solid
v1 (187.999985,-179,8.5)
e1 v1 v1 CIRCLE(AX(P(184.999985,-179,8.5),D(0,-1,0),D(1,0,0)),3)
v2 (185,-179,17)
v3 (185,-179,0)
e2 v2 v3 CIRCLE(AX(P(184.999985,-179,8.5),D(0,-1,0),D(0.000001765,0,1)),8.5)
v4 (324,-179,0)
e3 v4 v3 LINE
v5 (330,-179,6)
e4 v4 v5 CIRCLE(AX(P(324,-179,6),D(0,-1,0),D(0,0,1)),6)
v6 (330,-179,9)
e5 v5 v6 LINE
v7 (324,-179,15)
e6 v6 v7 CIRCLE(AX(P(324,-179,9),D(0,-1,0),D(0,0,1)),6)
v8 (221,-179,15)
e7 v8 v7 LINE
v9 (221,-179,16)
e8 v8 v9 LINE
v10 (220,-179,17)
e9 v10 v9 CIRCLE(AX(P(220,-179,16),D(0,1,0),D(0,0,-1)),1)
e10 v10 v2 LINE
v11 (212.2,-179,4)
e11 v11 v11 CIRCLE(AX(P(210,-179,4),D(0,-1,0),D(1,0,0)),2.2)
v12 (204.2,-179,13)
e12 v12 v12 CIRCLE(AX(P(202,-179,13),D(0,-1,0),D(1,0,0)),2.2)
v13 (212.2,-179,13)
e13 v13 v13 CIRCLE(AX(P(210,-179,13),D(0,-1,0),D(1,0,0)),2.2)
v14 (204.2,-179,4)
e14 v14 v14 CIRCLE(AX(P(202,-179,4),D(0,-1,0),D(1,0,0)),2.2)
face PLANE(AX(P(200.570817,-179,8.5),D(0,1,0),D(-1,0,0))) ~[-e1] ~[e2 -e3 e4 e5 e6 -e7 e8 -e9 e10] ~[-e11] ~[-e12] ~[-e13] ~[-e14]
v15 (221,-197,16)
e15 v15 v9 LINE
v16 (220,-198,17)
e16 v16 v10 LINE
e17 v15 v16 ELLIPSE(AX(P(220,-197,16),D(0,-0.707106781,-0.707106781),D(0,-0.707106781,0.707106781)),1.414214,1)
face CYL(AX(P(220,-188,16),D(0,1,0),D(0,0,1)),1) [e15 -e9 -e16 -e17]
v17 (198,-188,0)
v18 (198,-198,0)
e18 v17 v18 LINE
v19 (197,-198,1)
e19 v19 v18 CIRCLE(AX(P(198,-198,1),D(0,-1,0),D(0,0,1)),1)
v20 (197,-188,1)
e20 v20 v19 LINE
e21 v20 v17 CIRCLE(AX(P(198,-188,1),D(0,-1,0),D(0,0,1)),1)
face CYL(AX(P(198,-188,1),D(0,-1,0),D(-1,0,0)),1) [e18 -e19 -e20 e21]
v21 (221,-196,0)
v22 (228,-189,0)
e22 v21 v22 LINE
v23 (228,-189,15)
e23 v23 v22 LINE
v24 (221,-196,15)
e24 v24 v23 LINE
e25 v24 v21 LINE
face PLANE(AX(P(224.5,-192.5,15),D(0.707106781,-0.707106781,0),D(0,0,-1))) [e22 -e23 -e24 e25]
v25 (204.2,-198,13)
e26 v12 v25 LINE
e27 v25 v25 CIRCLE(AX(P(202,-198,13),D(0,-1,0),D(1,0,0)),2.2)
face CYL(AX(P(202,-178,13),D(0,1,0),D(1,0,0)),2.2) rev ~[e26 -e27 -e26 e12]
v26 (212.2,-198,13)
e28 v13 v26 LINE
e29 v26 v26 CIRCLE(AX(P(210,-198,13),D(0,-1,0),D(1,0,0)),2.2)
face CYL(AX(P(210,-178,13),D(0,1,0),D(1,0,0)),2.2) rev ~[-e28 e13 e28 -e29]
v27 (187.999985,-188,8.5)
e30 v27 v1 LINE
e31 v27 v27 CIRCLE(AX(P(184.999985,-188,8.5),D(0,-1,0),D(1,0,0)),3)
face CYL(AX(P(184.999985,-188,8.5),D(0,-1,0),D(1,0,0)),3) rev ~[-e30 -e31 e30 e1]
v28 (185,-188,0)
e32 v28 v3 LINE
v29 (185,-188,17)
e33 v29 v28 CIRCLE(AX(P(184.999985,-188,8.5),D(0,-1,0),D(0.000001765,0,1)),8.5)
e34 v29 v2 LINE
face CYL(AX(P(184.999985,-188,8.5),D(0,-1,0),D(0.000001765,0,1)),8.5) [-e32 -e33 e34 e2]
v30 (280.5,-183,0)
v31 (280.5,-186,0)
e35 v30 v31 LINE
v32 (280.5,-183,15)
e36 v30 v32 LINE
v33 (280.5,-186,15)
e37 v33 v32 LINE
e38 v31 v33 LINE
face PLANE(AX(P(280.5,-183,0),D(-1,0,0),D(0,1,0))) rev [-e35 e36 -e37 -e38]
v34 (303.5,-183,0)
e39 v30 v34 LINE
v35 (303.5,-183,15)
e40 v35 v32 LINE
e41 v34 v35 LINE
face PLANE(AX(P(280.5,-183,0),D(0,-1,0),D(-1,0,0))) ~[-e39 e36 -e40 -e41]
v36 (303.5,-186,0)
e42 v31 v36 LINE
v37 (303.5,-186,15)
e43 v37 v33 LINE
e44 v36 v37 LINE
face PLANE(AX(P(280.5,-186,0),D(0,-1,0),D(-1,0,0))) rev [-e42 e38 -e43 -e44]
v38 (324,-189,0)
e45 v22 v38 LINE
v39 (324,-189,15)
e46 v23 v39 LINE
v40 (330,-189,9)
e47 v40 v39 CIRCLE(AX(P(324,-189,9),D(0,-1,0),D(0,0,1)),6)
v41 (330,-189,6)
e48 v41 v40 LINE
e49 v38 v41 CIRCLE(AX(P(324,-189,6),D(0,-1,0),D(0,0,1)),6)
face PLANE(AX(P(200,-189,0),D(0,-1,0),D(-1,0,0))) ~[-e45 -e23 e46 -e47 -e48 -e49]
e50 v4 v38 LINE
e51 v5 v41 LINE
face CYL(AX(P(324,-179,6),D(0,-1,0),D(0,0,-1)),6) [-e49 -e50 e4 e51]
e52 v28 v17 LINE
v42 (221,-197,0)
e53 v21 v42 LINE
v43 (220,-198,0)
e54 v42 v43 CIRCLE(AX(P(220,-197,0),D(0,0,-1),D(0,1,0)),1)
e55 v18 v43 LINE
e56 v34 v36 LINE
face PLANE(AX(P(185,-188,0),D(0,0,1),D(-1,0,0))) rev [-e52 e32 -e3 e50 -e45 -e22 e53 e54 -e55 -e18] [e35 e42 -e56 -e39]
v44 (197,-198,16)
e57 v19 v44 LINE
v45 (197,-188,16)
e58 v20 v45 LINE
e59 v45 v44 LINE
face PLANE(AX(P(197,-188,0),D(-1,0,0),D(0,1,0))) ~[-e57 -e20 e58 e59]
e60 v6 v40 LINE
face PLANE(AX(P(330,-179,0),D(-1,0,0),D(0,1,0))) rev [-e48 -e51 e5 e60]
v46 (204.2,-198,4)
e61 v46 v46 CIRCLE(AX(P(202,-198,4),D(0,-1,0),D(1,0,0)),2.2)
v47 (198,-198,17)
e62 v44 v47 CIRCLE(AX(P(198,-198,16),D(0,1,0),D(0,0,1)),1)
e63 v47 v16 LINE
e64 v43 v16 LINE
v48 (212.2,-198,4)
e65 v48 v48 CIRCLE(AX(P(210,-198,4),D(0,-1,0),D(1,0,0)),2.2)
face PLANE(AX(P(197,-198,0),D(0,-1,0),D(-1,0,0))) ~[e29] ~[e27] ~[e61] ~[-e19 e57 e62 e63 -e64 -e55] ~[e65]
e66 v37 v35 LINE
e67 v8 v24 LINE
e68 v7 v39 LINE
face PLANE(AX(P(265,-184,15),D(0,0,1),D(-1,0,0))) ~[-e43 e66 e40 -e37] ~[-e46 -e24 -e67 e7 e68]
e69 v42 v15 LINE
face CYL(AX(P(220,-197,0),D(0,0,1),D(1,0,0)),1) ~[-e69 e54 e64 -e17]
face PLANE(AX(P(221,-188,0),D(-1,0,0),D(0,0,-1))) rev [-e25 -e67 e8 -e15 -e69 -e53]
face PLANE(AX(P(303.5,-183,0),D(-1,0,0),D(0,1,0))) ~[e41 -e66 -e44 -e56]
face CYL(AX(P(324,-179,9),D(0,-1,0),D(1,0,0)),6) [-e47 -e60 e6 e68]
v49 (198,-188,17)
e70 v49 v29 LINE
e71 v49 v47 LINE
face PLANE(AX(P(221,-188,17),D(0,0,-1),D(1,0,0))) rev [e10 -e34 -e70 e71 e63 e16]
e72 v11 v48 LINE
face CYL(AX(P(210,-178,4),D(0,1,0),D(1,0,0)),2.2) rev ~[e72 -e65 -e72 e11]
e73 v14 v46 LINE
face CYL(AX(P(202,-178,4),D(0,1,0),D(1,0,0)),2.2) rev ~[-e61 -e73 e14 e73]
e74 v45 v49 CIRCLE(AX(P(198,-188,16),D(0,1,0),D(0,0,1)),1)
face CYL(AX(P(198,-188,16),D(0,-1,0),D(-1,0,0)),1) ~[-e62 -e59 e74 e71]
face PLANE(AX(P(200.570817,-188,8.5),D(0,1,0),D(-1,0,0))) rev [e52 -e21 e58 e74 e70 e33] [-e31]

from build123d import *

# Parameters (mm, degrees)
CYLINDER046_R          = 2.2
CYLINDER046_DEPTH      = 26
CYLINDER046_ROLL_ANGLE = -90
ARRAY017_X_COUNT       = 2
ARRAY017_X_PITCH       = 8
ARRAY017_Z_COUNT       = 2
ARRAY017_Z_PITCH       = 9
BOX059_W               = 23
BOX059_H               = 3
BOX059_DEPTH           = 20
BOX057_W               = 130
BOX057_H               = 10
BOX057_DEPTH           = 15
SKETCH072_R            = 3
PAD073_DEPTH           = 9
FILLET025_R            = 1
BOX058_W               = 24
BOX058_H               = 10
BOX058_DEPTH           = 17
FILLET026_R            = 1
CHAMFER010_SIZE        = 7
FILLET027_R            = 6


with BuildPart() as taladros_suje_traccion005:
    # Cylinder046 → Cylinder046 (new body)
    with BuildSketch(Plane.XY):
        Circle(CYLINDER046_R)
    extrude(amount=CYLINDER046_DEPTH)


with BuildPart() as taladros_suje_traccion005_1:
    # Cylinder046 roll: moved
    add(taladros_suje_traccion005.part.rotate(Axis((0, 0, 0), (1, 0, 0)), CYLINDER046_ROLL_ANGLE))


with BuildPart() as taladros_suje_traccion005_2:
    # Cylinder046 placement: moved
    add(taladros_suje_traccion005_1.part.moved(Location((202, 0, 4))))

    # Array017 X: Taladros_suje_traccion005 ×2


with BuildPart() as taladros_suje_traccion005_3:
    add(taladros_suje_traccion005_2.part)
    with Locations(*[(i * ARRAY017_X_PITCH, 0, 0) for i in range(1, ARRAY017_X_COUNT)]):
        add(taladros_suje_traccion005_2.part)

    # Array017 Z: Taladros_suje_traccion005 ×2


with BuildPart() as taladros_suje_traccion005_4:
    add(taladros_suje_traccion005_3.part)
    with Locations(*[(0, 0, i * ARRAY017_Z_PITCH) for i in range(1, ARRAY017_Z_COUNT)]):
        add(taladros_suje_traccion005_3.part)


with BuildPart() as agarre003:
    # Box059 → Box059 (new body)
    with BuildSketch(Plane(origin=(280.5, 5, 0), x_dir=(1, 0, 0), z_dir=(0, 0, 1))):
        with Locations((11.5, 1.5)):
            Rectangle(BOX059_W, BOX059_H)
    extrude(amount=BOX059_DEPTH)


with BuildPart() as base_tibia001:
    # Box057 → Box057 (new body)
    with BuildSketch(Plane(origin=(200, 1.5, 0), x_dir=(1, 0, 0), z_dir=(0, 0, 1))):
        with Locations((65, 5)):
            Rectangle(BOX057_W, BOX057_H)
    extrude(amount=BOX057_DEPTH)


with BuildPart() as tibia_agarre001:
    # Sketch072 → Pad073 (new body)
    with BuildSketch(Plane(origin=(221, 10.5, 0), x_dir=(1, 0, 0), z_dir=(0, -1, 0))):
        with BuildLine():
            Line((0, 17), (-36, 17))
            ThreePointArc((-36, 17), (-44.500015, 8.5), (-36, 0))
            Line((-36, 0), (0, 0))
            Line((0, 0), (0, 17))
        make_face()
        with Locations((-36.000015, 8.5)):
            Circle(SKETCH072_R, mode=Mode.SUBTRACT)
    extrude(amount=PAD073_DEPTH)

    # Fillet025
    fillet025_edges = [tibia_agarre001.edges().sort_by_distance(p)[0] for p in [
        (221, 6, 17),
        (221, 6, 0),
    ]]
    fillet(fillet025_edges, radius=FILLET025_R)

    # Fusion009003068: union Base_tibia001
    add(base_tibia001.part)


with BuildPart() as tibia_agarre001_1:
    # Fusion009003068 placement: moved
    add(tibia_agarre001.part.moved(Location((0, -0.5, 0))))

    # Cut051: cut Agarre003
    add(agarre003.part, mode=Mode.SUBTRACT)


with BuildPart() as tibia_redondeada001:
    # Box058 → Box058 (new body)
    with BuildSketch(Plane(origin=(197, 10, 0), x_dir=(1, 0, 0), z_dir=(0, 0, 1))):
        with Locations((12, 5)):
            Rectangle(BOX058_W, BOX058_H)
    extrude(amount=BOX058_DEPTH)

    # Fillet026
    fillet026_edges = [tibia_redondeada001.edges().sort_by_distance(p)[0] for p in [
        (197, 15, 17),
        (197, 15, 0),
        (221, 15, 17),
        (221, 20, 8.5),
    ]]
    fillet(fillet026_edges, radius=FILLET026_R)

    # Fusion009003071: union Tibia_agarre001
    add(tibia_agarre001_1.part)

    # Chamfer010
    chamfer010_edges = [tibia_redondeada001.edges().sort_by_distance(p)[0] for p in [
        (221, 11, 7.5),
    ]]
    chamfer(chamfer010_edges, length=CHAMFER010_SIZE)

    # Cut052: cut Taladros_suje_traccion005
    add(taladros_suje_traccion005_4.part, mode=Mode.SUBTRACT)

    # Fillet027
    fillet027_edges = [tibia_redondeada001.edges().sort_by_distance(p)[0] for p in [
        (330, 6, 0),
        (330, 6, 15),
    ]]
    fillet(fillet027_edges, radius=FILLET027_R)


with BuildPart() as tibia_derecha_full:
    # Part__Mirroring016: instance of Tibia_redondeada001
    add(tibia_redondeada001.part.mirror(Plane(origin=(0, 0, 0), x_dir=(1, 0, 0), z_dir=(0, 1, 0))))


with BuildPart() as tibia_derecha_full_1:
    # Part__Mirroring016 placement: moved
    add(tibia_derecha_full.part.moved(Location((0, -178, 0))))


solid = tibia_derecha_full_1.part
